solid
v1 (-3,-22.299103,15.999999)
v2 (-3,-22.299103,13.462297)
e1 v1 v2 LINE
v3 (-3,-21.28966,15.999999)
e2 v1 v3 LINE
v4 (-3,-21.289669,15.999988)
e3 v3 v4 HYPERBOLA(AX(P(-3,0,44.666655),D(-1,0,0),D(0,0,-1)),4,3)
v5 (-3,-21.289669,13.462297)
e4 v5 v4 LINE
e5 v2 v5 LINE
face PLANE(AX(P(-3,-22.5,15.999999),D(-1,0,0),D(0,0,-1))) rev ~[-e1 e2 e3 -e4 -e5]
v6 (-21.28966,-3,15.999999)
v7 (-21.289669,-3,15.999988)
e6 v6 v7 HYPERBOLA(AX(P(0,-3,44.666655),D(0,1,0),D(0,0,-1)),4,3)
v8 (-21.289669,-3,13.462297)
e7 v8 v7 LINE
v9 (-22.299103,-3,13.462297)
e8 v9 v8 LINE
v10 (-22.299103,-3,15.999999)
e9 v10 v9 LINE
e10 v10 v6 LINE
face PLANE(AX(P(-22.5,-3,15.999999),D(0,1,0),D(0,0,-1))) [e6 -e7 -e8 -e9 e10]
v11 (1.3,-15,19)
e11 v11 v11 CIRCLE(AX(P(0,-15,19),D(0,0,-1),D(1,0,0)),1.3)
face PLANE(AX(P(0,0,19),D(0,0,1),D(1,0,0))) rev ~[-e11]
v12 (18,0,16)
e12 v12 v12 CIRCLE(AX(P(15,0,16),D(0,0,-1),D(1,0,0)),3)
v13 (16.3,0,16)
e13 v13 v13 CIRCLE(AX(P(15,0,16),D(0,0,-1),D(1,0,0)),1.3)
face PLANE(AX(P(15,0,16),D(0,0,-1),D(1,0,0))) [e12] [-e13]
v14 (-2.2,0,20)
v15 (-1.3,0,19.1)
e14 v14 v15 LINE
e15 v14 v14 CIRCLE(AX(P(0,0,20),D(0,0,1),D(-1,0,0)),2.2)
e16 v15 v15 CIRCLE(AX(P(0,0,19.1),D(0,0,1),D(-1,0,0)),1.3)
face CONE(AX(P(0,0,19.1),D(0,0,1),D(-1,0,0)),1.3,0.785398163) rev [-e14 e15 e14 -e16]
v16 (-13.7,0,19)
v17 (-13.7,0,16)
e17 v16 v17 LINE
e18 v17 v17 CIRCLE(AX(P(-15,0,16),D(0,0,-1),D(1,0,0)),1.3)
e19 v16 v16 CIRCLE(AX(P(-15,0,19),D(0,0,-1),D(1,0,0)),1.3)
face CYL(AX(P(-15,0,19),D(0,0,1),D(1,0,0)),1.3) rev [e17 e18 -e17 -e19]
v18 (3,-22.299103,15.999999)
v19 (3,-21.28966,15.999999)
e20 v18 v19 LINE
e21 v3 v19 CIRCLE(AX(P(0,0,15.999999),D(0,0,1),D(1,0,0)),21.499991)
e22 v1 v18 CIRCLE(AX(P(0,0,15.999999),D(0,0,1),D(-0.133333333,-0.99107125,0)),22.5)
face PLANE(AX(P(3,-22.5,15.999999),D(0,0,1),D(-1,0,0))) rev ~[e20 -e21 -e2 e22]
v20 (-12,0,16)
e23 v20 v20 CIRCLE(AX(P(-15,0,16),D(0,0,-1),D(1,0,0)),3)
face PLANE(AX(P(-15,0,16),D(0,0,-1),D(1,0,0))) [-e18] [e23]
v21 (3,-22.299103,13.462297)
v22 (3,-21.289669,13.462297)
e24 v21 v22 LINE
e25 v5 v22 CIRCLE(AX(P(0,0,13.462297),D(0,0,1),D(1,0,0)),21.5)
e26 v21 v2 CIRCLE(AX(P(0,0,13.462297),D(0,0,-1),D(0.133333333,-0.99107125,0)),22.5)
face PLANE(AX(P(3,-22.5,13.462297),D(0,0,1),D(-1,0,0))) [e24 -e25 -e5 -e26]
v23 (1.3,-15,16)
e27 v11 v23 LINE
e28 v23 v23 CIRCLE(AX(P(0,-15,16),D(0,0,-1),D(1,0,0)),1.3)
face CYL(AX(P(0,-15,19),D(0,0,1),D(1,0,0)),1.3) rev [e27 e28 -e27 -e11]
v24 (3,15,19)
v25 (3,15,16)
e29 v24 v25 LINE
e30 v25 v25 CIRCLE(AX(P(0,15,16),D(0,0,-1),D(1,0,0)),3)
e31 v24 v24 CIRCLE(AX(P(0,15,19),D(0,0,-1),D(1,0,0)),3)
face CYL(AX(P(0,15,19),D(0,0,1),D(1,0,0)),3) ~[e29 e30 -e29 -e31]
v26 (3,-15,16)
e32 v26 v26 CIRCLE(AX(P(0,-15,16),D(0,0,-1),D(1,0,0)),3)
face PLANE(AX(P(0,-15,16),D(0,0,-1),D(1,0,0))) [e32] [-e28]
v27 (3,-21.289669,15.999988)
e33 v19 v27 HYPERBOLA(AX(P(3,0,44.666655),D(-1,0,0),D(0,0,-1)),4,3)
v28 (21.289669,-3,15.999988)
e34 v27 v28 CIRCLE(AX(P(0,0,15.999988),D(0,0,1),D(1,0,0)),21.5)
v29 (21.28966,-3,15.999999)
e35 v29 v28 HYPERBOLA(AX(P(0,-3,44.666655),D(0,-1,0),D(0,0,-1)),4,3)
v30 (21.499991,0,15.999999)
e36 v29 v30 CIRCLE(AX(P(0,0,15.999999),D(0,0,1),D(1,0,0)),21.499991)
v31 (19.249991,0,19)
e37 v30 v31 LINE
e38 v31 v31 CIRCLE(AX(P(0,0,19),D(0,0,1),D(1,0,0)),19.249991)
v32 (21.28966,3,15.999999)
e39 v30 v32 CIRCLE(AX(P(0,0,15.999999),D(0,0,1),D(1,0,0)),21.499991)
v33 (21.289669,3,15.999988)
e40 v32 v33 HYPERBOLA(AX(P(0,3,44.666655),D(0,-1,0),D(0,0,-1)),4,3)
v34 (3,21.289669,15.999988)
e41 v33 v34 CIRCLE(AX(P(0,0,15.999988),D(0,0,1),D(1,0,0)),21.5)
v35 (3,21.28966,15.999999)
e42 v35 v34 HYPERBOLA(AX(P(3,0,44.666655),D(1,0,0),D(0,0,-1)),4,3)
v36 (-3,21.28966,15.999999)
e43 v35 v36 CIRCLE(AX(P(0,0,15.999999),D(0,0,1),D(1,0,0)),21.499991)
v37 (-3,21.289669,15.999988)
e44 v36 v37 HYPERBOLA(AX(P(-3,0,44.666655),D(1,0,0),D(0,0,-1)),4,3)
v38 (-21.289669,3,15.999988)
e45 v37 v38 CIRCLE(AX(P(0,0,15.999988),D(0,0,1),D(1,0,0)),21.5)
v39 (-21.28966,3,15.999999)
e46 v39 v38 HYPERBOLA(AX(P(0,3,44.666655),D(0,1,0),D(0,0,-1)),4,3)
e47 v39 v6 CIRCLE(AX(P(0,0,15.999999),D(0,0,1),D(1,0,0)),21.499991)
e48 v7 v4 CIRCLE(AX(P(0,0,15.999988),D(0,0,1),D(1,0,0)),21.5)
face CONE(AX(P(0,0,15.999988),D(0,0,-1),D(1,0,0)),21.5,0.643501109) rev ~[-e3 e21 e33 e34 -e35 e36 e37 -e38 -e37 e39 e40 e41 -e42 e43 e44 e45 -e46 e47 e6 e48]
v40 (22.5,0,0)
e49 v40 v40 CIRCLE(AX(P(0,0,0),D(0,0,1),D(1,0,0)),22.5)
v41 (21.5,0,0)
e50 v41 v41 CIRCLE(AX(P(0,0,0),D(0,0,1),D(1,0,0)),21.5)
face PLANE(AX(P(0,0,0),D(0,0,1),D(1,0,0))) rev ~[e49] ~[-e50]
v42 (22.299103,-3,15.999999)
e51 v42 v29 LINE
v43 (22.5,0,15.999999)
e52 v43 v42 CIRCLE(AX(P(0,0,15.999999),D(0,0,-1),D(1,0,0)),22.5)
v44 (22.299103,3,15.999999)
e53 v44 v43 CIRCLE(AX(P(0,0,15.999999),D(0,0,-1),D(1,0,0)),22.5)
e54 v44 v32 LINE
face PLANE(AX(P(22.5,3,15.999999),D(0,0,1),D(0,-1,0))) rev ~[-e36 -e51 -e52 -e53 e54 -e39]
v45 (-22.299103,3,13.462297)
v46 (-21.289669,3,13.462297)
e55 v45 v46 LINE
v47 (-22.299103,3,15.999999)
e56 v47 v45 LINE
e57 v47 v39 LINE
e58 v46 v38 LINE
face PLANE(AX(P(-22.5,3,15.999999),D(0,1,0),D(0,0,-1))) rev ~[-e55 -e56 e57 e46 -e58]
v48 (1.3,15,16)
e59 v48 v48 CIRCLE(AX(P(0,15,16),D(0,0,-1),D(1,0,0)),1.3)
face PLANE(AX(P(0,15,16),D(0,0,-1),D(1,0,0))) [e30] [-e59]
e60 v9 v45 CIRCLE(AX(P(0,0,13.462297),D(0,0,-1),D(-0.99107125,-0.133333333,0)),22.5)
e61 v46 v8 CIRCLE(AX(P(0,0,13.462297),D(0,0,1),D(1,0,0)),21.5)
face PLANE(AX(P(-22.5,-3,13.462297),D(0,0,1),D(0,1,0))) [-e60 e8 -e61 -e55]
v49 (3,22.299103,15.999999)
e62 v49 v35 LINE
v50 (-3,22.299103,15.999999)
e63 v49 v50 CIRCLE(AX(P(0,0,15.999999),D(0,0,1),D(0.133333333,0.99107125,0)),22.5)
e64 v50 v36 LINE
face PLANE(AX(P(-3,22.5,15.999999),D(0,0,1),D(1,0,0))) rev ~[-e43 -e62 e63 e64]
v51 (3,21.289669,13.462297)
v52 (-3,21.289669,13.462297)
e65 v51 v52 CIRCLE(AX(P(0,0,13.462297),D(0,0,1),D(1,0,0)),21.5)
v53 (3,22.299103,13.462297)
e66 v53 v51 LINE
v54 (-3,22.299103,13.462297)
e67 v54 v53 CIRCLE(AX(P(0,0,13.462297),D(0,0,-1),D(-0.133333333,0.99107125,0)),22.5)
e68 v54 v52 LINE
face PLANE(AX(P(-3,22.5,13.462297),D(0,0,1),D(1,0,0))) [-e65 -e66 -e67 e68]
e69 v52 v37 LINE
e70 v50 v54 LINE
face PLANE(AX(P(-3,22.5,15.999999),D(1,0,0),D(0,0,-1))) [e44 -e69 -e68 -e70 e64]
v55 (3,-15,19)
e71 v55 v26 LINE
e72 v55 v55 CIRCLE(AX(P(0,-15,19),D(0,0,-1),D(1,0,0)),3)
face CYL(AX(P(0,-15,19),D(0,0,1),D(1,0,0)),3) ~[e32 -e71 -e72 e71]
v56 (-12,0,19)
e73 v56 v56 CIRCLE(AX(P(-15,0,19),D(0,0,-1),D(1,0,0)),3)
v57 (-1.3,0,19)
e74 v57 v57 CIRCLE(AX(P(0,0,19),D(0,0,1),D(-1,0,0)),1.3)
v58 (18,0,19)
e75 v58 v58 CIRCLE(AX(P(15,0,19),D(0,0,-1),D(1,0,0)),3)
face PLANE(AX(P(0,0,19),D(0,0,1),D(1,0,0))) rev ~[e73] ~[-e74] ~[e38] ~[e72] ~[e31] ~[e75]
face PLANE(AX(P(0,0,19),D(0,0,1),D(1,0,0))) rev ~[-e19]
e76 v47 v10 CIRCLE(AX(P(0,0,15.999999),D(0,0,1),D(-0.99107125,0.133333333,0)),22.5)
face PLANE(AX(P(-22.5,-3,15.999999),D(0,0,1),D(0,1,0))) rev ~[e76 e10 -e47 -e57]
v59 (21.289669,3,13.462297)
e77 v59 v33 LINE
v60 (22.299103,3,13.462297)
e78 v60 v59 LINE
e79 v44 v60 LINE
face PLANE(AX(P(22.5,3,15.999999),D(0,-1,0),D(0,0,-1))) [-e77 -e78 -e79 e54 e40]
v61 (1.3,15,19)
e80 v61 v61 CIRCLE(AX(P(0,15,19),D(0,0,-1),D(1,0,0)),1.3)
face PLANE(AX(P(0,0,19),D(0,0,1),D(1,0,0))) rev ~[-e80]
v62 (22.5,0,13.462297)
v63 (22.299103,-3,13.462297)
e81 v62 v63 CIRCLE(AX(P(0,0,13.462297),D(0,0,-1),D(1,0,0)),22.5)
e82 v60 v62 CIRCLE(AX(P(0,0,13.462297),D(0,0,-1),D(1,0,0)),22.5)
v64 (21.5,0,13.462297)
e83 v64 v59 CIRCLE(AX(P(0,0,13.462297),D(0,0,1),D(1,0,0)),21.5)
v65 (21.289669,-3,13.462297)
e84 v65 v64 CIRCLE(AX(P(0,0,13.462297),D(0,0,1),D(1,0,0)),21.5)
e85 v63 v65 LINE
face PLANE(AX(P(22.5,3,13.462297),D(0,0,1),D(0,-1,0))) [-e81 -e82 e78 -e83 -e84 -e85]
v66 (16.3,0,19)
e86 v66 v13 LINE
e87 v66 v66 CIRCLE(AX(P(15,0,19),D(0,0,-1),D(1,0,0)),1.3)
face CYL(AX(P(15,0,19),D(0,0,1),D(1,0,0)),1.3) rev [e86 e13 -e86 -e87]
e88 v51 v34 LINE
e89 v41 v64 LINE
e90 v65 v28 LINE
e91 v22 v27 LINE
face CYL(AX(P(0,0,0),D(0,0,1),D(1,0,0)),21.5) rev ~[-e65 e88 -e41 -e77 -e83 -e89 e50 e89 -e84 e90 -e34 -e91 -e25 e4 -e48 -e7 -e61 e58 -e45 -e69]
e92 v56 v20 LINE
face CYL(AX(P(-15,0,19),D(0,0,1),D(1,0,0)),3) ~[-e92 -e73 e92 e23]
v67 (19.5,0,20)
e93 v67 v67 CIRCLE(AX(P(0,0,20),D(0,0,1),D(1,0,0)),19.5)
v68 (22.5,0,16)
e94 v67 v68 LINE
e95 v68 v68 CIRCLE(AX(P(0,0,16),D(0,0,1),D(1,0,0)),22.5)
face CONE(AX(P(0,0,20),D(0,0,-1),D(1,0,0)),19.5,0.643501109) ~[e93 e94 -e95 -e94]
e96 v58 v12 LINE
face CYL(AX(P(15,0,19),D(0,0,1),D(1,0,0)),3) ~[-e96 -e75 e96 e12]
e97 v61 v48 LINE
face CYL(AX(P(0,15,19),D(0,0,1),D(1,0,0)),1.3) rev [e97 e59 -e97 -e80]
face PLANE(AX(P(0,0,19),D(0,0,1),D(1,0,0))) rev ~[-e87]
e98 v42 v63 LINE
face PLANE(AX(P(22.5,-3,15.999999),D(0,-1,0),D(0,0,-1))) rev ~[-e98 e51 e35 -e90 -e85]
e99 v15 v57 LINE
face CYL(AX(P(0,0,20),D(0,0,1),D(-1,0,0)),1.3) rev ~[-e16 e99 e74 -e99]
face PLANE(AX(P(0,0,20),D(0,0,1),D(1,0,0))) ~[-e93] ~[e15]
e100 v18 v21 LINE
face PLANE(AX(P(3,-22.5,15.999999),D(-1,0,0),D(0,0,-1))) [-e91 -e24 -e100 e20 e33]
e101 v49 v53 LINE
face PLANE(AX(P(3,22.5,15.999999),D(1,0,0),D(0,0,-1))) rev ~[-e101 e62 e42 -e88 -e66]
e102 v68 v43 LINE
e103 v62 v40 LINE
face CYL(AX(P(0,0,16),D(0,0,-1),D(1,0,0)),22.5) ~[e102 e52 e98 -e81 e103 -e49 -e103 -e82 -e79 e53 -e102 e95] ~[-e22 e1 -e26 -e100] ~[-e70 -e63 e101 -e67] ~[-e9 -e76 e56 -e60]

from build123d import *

# Parameters (mm, degrees)
SKETCH_R           = 1.3
POCKET_DEPTH       = 1
SKETCH002_W        = 6
SKETCH002_H        = 2.537703
POCKET001_DEPTH    = 3
POLARPATTERN_COUNT = 4
SKETCH003_R        = 3
SKETCH003_R_2      = 1.3
PAD_DEPTH          = 3
CHAMFER_SIZE       = 0.9


with BuildPart() as part:
    # Sketch001 → Revolution (revolve)
    with BuildSketch(Plane.XZ):
        Polygon((0, 20), (19.5, 20), (22.5, 16), (22.5, 0), (21.5, 0), (21.5, 15.999988), (19.249991, 19), (0, 19), align=None)
    revolve(axis=Axis((0, 0, 0), (0, 0, 1)))

    # Sketch (on Face1 of Revolution) → Pocket (cut)
    with BuildSketch(Plane(origin=(0, 0, 20), x_dir=(-1, 0, 0), z_dir=(0, 0, 1))):
        Circle(SKETCH_R)
    extrude(amount=-POCKET_DEPTH, mode=Mode.SUBTRACT)

    # Sketch002 (on DatumPlane) → Pocket001 (cut)
    with BuildSketch(Plane(origin=(0, 22.5, 8), x_dir=(1, 0, 0), z_dir=(0, 1, 0))):
        with Locations((0, -6.731148)):
            Rectangle(SKETCH002_W, SKETCH002_H)
    pocket001 = extrude(amount=-POCKET001_DEPTH, mode=Mode.SUBTRACT)

    # PolarPattern: Pocket001 ×4 about axis
    polarpattern_axis = Axis((0, 0, 0), (0, 0, 1))
    for i in range(1, POLARPATTERN_COUNT):
        add(pocket001.rotate(polarpattern_axis, i * 360 / POLARPATTERN_COUNT), mode=Mode.SUBTRACT)

    # Sketch003 (on Face9 of PolarPattern) → Pad (join)
    with BuildSketch(Plane(origin=(0, 0, 19), x_dir=(1, 0, 0), z_dir=(0, 0, -1))):
        with Locations((-15, 0)):
            Circle(SKETCH003_R)
        with Locations((-15, 0)):
            Circle(SKETCH003_R_2, mode=Mode.SUBTRACT)
        with Locations((0, 15)):
            Circle(SKETCH003_R)
        with Locations((0, 15)):
            Circle(SKETCH003_R_2, mode=Mode.SUBTRACT)
        with Locations((15, 0)):
            Circle(SKETCH003_R)
        with Locations((15, 0)):
            Circle(SKETCH003_R_2, mode=Mode.SUBTRACT)
        with Locations((0, -15)):
            Circle(SKETCH003_R)
        with Locations((0, -15)):
            Circle(SKETCH003_R_2, mode=Mode.SUBTRACT)
    extrude(amount=PAD_DEPTH)

    # Chamfer
    chamfer_edges = [part.edges().sort_by_distance(p)[0] for p in [
        (1.3, 0, 20),
    ]]
    chamfer(chamfer_edges, length=CHAMFER_SIZE)


solid = part.part
